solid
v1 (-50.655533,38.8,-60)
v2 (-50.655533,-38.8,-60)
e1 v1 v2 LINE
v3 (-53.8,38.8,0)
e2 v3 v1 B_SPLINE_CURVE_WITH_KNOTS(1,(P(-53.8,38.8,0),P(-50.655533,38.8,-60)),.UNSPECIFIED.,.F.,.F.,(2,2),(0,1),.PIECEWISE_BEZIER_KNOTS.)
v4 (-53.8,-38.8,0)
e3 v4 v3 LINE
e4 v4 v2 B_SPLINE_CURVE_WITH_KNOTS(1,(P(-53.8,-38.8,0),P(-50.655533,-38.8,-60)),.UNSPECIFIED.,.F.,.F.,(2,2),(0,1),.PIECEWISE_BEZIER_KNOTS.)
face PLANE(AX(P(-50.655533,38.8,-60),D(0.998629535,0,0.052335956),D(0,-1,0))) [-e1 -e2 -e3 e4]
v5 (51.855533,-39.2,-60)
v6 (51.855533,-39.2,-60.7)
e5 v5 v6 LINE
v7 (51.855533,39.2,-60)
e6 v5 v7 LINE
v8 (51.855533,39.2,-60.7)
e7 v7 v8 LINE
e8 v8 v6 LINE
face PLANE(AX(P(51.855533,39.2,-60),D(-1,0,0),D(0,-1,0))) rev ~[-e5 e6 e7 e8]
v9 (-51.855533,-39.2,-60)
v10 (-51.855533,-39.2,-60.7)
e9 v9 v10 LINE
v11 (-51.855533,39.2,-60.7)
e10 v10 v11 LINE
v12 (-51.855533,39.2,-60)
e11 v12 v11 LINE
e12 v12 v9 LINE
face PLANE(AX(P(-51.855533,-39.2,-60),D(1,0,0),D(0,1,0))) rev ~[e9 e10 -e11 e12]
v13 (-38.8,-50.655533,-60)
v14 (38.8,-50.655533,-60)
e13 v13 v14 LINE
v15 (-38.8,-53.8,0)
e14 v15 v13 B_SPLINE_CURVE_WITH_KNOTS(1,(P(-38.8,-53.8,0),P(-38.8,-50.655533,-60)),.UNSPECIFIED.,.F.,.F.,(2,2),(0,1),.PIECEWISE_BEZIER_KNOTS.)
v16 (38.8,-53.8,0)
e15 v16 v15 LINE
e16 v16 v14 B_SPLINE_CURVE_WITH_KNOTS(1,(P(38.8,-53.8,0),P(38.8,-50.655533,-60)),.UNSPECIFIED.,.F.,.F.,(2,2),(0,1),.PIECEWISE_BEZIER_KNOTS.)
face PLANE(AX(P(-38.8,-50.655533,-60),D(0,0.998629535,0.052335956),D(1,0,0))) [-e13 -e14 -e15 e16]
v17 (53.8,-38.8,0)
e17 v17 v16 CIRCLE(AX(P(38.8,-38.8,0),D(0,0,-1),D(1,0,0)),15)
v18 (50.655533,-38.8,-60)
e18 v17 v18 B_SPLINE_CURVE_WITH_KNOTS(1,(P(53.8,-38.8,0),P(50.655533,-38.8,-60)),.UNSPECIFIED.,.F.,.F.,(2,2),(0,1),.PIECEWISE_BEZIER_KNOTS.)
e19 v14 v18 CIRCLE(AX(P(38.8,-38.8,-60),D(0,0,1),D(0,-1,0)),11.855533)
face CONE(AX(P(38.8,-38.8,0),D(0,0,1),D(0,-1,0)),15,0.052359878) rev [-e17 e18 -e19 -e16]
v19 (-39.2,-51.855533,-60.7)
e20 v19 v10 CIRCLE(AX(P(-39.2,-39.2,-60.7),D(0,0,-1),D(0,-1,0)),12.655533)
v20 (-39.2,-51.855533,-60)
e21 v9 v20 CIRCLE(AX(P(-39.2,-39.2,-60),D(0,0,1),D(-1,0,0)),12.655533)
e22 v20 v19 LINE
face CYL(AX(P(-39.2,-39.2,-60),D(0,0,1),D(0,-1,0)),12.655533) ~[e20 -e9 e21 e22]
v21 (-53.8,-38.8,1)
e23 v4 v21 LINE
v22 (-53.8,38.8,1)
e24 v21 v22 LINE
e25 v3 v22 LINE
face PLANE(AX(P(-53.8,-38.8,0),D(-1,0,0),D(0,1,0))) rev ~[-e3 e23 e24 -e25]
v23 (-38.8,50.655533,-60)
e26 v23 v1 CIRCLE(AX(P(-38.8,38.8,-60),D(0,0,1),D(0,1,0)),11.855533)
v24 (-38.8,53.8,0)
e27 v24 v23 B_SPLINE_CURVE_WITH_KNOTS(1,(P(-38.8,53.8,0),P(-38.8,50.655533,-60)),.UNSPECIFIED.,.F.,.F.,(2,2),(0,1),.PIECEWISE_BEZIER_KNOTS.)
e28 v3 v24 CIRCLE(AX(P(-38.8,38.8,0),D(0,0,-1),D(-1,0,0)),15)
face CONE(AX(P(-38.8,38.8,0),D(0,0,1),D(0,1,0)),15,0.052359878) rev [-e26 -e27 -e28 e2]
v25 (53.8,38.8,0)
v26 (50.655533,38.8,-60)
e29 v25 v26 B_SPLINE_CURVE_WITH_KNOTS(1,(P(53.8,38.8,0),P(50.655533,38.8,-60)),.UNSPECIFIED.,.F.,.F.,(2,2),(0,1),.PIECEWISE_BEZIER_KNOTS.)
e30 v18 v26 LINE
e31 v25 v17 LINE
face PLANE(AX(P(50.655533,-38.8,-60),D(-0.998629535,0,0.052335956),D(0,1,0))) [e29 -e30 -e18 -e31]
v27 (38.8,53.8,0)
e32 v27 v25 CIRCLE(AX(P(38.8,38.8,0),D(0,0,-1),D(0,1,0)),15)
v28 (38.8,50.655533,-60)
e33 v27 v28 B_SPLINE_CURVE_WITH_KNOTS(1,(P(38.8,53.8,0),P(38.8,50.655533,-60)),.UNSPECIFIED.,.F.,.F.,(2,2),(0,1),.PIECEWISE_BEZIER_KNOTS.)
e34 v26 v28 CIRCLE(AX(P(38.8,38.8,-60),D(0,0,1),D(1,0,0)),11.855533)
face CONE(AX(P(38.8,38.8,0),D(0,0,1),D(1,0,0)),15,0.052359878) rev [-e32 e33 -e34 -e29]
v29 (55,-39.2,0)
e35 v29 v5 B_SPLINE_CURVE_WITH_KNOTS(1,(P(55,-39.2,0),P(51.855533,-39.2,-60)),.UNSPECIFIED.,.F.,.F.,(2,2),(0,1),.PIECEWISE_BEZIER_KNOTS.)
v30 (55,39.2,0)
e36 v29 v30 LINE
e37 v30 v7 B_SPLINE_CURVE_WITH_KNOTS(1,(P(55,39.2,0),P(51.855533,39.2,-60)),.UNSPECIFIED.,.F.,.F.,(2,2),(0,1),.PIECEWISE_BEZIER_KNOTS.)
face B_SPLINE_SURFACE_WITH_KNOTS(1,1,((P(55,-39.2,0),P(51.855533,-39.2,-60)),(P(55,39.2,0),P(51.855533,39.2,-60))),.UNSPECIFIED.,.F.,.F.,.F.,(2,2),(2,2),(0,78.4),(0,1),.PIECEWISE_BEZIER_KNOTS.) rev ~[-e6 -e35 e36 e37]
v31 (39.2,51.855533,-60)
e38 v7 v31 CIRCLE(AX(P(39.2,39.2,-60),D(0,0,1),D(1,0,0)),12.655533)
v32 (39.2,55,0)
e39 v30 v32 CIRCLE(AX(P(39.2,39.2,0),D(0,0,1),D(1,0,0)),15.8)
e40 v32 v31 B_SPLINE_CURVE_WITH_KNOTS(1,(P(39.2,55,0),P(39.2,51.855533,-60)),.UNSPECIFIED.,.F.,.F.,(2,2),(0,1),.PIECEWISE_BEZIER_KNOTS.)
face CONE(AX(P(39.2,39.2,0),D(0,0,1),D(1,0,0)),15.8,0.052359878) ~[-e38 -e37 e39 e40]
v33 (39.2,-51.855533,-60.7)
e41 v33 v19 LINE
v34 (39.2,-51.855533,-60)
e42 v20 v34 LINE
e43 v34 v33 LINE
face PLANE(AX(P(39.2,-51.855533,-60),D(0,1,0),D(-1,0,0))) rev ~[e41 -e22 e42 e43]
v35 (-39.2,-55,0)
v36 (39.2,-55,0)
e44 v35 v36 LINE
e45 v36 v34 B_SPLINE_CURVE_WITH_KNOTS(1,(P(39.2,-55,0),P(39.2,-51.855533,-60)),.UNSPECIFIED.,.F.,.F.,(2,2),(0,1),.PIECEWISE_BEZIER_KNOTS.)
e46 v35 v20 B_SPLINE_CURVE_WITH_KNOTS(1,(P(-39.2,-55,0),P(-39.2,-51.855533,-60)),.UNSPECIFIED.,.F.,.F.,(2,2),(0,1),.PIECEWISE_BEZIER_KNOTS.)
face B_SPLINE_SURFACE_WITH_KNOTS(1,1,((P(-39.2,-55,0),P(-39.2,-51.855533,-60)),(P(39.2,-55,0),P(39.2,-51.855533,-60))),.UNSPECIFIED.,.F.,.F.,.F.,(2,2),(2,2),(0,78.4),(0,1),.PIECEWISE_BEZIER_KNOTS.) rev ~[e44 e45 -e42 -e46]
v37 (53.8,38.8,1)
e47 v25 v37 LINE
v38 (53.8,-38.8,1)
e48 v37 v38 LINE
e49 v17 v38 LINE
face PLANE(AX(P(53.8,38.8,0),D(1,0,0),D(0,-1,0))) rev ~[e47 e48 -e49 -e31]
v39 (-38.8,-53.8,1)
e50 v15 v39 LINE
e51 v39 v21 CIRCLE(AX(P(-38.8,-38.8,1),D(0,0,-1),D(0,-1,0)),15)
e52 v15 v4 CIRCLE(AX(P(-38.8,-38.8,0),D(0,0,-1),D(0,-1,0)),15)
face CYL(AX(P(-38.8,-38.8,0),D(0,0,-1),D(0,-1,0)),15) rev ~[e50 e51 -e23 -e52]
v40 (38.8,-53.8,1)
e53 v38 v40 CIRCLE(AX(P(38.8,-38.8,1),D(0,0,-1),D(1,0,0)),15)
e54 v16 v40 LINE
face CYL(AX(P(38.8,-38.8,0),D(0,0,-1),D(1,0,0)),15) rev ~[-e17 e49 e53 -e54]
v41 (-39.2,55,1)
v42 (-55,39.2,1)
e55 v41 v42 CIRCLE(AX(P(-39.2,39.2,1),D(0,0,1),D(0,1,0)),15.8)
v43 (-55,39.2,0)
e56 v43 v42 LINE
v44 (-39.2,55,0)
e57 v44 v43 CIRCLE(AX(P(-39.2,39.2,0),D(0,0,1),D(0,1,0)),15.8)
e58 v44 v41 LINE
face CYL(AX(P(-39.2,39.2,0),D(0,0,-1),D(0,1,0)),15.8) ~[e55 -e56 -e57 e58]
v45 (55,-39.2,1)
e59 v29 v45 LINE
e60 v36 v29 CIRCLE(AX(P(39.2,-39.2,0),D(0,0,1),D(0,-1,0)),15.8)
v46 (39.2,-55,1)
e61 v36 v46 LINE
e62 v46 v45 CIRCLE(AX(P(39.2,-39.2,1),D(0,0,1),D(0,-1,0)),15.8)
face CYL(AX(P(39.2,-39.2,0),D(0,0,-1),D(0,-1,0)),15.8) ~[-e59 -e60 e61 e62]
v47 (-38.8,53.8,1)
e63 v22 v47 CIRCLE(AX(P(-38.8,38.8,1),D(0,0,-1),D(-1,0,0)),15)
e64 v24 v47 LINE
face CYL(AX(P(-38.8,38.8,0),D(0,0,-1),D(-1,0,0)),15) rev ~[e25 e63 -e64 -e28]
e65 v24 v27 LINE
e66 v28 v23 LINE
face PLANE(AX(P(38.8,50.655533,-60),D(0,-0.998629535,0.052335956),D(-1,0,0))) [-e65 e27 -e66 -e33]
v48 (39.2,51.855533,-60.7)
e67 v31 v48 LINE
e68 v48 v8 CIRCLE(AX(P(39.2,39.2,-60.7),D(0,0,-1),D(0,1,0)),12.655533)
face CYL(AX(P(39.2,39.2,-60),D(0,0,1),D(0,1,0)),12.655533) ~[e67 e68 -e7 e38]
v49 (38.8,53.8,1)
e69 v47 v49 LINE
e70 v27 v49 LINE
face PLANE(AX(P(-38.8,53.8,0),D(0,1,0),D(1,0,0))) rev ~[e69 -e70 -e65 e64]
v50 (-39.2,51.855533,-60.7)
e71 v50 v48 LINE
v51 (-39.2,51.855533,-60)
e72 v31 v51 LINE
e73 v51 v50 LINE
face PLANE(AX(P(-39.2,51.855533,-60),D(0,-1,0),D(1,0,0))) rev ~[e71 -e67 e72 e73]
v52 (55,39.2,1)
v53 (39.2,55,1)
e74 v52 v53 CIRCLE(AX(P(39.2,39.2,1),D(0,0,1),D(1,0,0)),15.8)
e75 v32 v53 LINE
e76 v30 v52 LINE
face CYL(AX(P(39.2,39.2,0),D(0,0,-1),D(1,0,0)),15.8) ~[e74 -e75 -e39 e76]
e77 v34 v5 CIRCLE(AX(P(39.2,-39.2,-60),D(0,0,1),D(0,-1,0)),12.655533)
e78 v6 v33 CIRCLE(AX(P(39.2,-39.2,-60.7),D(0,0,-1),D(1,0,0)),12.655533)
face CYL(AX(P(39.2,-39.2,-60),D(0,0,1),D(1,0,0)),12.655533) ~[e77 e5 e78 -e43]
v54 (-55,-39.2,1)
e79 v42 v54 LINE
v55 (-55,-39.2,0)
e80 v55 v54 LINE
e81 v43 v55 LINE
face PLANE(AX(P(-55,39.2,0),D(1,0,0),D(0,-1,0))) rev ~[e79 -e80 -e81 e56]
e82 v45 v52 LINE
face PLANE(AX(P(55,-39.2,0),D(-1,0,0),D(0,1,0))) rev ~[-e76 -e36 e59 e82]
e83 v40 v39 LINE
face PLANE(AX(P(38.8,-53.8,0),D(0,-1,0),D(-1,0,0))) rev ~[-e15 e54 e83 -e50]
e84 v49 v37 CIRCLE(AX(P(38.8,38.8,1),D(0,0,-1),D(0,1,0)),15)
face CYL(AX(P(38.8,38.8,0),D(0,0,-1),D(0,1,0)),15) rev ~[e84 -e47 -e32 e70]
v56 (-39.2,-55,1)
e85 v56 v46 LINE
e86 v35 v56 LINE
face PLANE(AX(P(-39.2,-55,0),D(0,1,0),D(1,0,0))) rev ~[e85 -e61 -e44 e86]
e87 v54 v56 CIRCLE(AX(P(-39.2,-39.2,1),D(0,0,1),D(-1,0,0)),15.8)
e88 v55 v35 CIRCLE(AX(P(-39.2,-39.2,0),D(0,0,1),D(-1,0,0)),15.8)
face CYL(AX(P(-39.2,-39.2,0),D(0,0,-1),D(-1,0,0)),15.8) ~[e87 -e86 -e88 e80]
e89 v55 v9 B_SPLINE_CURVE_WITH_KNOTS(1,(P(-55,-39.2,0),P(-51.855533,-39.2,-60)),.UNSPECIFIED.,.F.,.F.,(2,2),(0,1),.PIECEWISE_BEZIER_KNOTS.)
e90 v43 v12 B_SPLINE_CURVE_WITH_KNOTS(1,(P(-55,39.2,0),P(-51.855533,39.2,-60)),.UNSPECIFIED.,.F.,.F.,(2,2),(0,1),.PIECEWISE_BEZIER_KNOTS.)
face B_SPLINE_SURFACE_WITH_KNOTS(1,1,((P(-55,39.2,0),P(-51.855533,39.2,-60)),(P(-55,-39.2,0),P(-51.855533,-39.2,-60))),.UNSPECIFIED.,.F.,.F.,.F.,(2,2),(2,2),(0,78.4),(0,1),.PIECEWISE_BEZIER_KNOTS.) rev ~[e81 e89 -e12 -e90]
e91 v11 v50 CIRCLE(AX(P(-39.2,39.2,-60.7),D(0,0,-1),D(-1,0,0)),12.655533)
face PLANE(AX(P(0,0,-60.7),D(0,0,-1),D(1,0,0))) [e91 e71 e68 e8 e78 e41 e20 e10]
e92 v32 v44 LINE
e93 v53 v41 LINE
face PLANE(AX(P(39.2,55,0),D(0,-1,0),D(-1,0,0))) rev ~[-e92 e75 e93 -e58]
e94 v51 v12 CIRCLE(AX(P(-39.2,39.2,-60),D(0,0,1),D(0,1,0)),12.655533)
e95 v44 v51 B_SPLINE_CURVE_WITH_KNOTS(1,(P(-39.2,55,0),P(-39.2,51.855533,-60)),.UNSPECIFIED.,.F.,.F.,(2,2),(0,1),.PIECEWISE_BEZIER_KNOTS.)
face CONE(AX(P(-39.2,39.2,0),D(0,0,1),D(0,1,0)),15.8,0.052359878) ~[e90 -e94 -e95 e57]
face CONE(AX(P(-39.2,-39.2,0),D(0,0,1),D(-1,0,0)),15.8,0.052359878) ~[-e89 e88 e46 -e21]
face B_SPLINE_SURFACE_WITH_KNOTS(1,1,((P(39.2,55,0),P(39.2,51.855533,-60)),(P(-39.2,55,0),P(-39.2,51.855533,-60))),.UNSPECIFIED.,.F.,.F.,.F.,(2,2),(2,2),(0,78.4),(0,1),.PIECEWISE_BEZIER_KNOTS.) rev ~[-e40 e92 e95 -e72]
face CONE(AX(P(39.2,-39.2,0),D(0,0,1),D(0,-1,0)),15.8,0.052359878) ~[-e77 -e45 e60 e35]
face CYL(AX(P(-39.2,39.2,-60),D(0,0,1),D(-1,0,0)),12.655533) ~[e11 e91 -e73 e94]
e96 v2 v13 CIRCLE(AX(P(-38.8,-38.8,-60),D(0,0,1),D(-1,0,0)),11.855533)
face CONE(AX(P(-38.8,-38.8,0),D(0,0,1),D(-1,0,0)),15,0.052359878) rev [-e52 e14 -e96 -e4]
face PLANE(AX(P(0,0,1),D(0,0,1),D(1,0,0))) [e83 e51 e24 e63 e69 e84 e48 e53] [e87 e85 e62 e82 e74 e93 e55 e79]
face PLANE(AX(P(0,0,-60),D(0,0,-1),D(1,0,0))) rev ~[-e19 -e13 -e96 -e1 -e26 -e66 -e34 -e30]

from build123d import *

# Parameters (mm, degrees)
F1_DEPTH = 1
F2_DEPTH = 60
F2_TAPER = 3
F3_DEPTH = 60
F3_TAPER = 3
F5_DEPTH = 0.7


with BuildPart() as f1:
    # F0 (on Top) → F1 (new body)
    with BuildSketch(Plane.XY):
        with BuildLine():
            Line((39.2, 55), (-39.2, 55))
            ThreePointArc((-39.2, 55), (-50.3722871427, 50.3722871427), (-55, 39.2))
            Line((-55, 39.2), (-55, -39.2))
            ThreePointArc((-55, -39.2), (-50.3722871427, -50.3722871427), (-39.2, -55))
            Line((-39.2, -55), (39.2, -55))
            ThreePointArc((39.2, -55), (50.3722871427, -50.3722871427), (55, -39.2))
            Line((55, -39.2), (55, 39.2))
            ThreePointArc((55, 39.2), (50.3722871427, 50.3722871427), (39.2, 55))
        make_face()
        with BuildLine():
            ThreePointArc((-53.8, 38.8), (-49.4066017178, 49.4066017178), (-38.8, 53.8))
            Line((-38.8, 53.8), (38.8, 53.8))
            ThreePointArc((38.8, 53.8), (49.4066017178, 49.4066017178), (53.8, 38.8))
            Line((53.8, 38.8), (53.8, -38.8))
            ThreePointArc((53.8, -38.8), (49.4066017178, -49.4066017178), (38.8, -53.8))
            Line((38.8, -53.8), (-38.8, -53.8))
            ThreePointArc((-38.8, -53.8), (-49.4066017178, -49.4066017178), (-53.8, -38.8))
            Line((-53.8, -38.8), (-53.8, 38.8))
        make_face(mode=Mode.SUBTRACT)
    extrude(amount=F1_DEPTH)

    # F0 (on Top) → F2 (join)
    with BuildSketch(Plane.XY):
        with BuildLine():
            Line((39.2, 55), (-39.2, 55))
            ThreePointArc((-39.2, 55), (-50.3722871427, 50.3722871427), (-55, 39.2))
            Line((-55, 39.2), (-55, -39.2))
            ThreePointArc((-55, -39.2), (-50.3722871427, -50.3722871427), (-39.2, -55))
            Line((-39.2, -55), (39.2, -55))
            ThreePointArc((39.2, -55), (50.3722871427, -50.3722871427), (55, -39.2))
            Line((55, -39.2), (55, 39.2))
            ThreePointArc((55, 39.2), (50.3722871427, 50.3722871427), (39.2, 55))
        make_face()
        with BuildLine():
            ThreePointArc((-53.8, 38.8), (-49.4066017178, 49.4066017178), (-38.8, 53.8))
            Line((-38.8, 53.8), (38.8, 53.8))
            ThreePointArc((38.8, 53.8), (49.4066017178, 49.4066017178), (53.8, 38.8))
            Line((53.8, 38.8), (53.8, -38.8))
            ThreePointArc((53.8, -38.8), (49.4066017178, -49.4066017178), (38.8, -53.8))
            Line((38.8, -53.8), (-38.8, -53.8))
            ThreePointArc((-38.8, -53.8), (-49.4066017178, -49.4066017178), (-53.8, -38.8))
            Line((-53.8, -38.8), (-53.8, 38.8))
        make_face(mode=Mode.SUBTRACT)
        with BuildLine():
            Line((38.8, 53.8), (-38.8, 53.8))
            ThreePointArc((-38.8, 53.8), (-49.4066017178, 49.4066017178), (-53.8, 38.8))
            Line((-53.8, 38.8), (-53.8, -38.8))
            ThreePointArc((-53.8, -38.8), (-49.4066017178, -49.4066017178), (-38.8, -53.8))
            Line((-38.8, -53.8), (38.8, -53.8))
            ThreePointArc((38.8, -53.8), (49.4066017178, -49.4066017178), (53.8, -38.8))
            Line((53.8, -38.8), (53.8, 38.8))
            ThreePointArc((53.8, 38.8), (49.4066017178, 49.4066017178), (38.8, 53.8))
        make_face()
    extrude(amount=-F2_DEPTH, taper=F2_TAPER)

    # F0 (on Top) → F3 (cut)
    with BuildSketch(Plane.XY):
        with BuildLine():
            Line((38.8, 53.8), (-38.8, 53.8))
            ThreePointArc((-38.8, 53.8), (-49.4066017178, 49.4066017178), (-53.8, 38.8))
            Line((-53.8, 38.8), (-53.8, -38.8))
            ThreePointArc((-53.8, -38.8), (-49.4066017178, -49.4066017178), (-38.8, -53.8))
            Line((-38.8, -53.8), (38.8, -53.8))
            ThreePointArc((38.8, -53.8), (49.4066017178, -49.4066017178), (53.8, -38.8))
            Line((53.8, -38.8), (53.8, 38.8))
            ThreePointArc((53.8, 38.8), (49.4066017178, 49.4066017178), (38.8, 53.8))
        make_face()
    extrude(amount=-F3_DEPTH, taper=F3_TAPER, mode=Mode.SUBTRACT)

    # F4 (on face) → F5 (join)
    with BuildSketch(Plane(origin=(0, 0, -60), x_dir=(1, 0, 0), z_dir=(0, 0, -1))):
        with BuildLine():
            ThreePointArc((39.2, -51.855533243), (48.1488133757, -48.1488133757), (51.855533243, -39.2))
            Line((51.855533243, -39.2), (51.855533243, 39.2))
            ThreePointArc((51.855533243, 39.2), (48.1488133757, 48.1488133757), (39.2, 51.855533243))
            Line((39.2, 51.855533243), (-39.2, 51.855533243))
            ThreePointArc((-39.2, 51.855533243), (-48.1488133757, 48.1488133757), (-51.855533243, 39.2))
            Line((-51.855533243, 39.2), (-51.855533243, -39.2))
            ThreePointArc((-51.855533243, -39.2), (-48.1488133757, -48.1488133757), (-39.2, -51.855533243))
            Line((-39.2, -51.855533243), (39.2, -51.855533243))
        make_face()
        with BuildLine():
            ThreePointArc((50.655533243, -38.8), (47.1831279507, -47.1831279507), (38.8, -50.655533243))
            Line((38.8, -50.655533243), (-38.8, -50.655533243))
            ThreePointArc((-38.8, -50.655533243), (-47.1831279507, -47.1831279507), (-50.655533243, -38.8))
            Line((-50.655533243, -38.8), (-50.655533243, 38.8))
            ThreePointArc((-50.655533243, 38.8), (-47.1831279507, 47.1831279507), (-38.8, 50.655533243))
            Line((-38.8, 50.655533243), (38.8, 50.655533243))
            ThreePointArc((38.8, 50.655533243), (47.1831279507, 47.1831279507), (50.655533243, 38.8))
            Line((50.655533243, 38.8), (50.655533243, -38.8))
        make_face(mode=Mode.SUBTRACT)
        with BuildLine():
            Line((-38.8, -50.655533243), (38.8, -50.655533243))
            ThreePointArc((38.8, -50.655533243), (47.1831279507, -47.1831279507), (50.655533243, -38.8))
            Line((50.655533243, -38.8), (50.655533243, 38.8))
            ThreePointArc((50.655533243, 38.8), (47.1831279507, 47.1831279507), (38.8, 50.655533243))
            Line((38.8, 50.655533243), (-38.8, 50.655533243))
            ThreePointArc((-38.8, 50.655533243), (-47.1831279507, 47.1831279507), (-50.655533243, 38.8))
            Line((-50.655533243, 38.8), (-50.655533243, -38.8))
            ThreePointArc((-50.655533243, -38.8), (-47.1831279507, -47.1831279507), (-38.8, -50.655533243))
        make_face()
    extrude(amount=F5_DEPTH)


solid = f1.part
